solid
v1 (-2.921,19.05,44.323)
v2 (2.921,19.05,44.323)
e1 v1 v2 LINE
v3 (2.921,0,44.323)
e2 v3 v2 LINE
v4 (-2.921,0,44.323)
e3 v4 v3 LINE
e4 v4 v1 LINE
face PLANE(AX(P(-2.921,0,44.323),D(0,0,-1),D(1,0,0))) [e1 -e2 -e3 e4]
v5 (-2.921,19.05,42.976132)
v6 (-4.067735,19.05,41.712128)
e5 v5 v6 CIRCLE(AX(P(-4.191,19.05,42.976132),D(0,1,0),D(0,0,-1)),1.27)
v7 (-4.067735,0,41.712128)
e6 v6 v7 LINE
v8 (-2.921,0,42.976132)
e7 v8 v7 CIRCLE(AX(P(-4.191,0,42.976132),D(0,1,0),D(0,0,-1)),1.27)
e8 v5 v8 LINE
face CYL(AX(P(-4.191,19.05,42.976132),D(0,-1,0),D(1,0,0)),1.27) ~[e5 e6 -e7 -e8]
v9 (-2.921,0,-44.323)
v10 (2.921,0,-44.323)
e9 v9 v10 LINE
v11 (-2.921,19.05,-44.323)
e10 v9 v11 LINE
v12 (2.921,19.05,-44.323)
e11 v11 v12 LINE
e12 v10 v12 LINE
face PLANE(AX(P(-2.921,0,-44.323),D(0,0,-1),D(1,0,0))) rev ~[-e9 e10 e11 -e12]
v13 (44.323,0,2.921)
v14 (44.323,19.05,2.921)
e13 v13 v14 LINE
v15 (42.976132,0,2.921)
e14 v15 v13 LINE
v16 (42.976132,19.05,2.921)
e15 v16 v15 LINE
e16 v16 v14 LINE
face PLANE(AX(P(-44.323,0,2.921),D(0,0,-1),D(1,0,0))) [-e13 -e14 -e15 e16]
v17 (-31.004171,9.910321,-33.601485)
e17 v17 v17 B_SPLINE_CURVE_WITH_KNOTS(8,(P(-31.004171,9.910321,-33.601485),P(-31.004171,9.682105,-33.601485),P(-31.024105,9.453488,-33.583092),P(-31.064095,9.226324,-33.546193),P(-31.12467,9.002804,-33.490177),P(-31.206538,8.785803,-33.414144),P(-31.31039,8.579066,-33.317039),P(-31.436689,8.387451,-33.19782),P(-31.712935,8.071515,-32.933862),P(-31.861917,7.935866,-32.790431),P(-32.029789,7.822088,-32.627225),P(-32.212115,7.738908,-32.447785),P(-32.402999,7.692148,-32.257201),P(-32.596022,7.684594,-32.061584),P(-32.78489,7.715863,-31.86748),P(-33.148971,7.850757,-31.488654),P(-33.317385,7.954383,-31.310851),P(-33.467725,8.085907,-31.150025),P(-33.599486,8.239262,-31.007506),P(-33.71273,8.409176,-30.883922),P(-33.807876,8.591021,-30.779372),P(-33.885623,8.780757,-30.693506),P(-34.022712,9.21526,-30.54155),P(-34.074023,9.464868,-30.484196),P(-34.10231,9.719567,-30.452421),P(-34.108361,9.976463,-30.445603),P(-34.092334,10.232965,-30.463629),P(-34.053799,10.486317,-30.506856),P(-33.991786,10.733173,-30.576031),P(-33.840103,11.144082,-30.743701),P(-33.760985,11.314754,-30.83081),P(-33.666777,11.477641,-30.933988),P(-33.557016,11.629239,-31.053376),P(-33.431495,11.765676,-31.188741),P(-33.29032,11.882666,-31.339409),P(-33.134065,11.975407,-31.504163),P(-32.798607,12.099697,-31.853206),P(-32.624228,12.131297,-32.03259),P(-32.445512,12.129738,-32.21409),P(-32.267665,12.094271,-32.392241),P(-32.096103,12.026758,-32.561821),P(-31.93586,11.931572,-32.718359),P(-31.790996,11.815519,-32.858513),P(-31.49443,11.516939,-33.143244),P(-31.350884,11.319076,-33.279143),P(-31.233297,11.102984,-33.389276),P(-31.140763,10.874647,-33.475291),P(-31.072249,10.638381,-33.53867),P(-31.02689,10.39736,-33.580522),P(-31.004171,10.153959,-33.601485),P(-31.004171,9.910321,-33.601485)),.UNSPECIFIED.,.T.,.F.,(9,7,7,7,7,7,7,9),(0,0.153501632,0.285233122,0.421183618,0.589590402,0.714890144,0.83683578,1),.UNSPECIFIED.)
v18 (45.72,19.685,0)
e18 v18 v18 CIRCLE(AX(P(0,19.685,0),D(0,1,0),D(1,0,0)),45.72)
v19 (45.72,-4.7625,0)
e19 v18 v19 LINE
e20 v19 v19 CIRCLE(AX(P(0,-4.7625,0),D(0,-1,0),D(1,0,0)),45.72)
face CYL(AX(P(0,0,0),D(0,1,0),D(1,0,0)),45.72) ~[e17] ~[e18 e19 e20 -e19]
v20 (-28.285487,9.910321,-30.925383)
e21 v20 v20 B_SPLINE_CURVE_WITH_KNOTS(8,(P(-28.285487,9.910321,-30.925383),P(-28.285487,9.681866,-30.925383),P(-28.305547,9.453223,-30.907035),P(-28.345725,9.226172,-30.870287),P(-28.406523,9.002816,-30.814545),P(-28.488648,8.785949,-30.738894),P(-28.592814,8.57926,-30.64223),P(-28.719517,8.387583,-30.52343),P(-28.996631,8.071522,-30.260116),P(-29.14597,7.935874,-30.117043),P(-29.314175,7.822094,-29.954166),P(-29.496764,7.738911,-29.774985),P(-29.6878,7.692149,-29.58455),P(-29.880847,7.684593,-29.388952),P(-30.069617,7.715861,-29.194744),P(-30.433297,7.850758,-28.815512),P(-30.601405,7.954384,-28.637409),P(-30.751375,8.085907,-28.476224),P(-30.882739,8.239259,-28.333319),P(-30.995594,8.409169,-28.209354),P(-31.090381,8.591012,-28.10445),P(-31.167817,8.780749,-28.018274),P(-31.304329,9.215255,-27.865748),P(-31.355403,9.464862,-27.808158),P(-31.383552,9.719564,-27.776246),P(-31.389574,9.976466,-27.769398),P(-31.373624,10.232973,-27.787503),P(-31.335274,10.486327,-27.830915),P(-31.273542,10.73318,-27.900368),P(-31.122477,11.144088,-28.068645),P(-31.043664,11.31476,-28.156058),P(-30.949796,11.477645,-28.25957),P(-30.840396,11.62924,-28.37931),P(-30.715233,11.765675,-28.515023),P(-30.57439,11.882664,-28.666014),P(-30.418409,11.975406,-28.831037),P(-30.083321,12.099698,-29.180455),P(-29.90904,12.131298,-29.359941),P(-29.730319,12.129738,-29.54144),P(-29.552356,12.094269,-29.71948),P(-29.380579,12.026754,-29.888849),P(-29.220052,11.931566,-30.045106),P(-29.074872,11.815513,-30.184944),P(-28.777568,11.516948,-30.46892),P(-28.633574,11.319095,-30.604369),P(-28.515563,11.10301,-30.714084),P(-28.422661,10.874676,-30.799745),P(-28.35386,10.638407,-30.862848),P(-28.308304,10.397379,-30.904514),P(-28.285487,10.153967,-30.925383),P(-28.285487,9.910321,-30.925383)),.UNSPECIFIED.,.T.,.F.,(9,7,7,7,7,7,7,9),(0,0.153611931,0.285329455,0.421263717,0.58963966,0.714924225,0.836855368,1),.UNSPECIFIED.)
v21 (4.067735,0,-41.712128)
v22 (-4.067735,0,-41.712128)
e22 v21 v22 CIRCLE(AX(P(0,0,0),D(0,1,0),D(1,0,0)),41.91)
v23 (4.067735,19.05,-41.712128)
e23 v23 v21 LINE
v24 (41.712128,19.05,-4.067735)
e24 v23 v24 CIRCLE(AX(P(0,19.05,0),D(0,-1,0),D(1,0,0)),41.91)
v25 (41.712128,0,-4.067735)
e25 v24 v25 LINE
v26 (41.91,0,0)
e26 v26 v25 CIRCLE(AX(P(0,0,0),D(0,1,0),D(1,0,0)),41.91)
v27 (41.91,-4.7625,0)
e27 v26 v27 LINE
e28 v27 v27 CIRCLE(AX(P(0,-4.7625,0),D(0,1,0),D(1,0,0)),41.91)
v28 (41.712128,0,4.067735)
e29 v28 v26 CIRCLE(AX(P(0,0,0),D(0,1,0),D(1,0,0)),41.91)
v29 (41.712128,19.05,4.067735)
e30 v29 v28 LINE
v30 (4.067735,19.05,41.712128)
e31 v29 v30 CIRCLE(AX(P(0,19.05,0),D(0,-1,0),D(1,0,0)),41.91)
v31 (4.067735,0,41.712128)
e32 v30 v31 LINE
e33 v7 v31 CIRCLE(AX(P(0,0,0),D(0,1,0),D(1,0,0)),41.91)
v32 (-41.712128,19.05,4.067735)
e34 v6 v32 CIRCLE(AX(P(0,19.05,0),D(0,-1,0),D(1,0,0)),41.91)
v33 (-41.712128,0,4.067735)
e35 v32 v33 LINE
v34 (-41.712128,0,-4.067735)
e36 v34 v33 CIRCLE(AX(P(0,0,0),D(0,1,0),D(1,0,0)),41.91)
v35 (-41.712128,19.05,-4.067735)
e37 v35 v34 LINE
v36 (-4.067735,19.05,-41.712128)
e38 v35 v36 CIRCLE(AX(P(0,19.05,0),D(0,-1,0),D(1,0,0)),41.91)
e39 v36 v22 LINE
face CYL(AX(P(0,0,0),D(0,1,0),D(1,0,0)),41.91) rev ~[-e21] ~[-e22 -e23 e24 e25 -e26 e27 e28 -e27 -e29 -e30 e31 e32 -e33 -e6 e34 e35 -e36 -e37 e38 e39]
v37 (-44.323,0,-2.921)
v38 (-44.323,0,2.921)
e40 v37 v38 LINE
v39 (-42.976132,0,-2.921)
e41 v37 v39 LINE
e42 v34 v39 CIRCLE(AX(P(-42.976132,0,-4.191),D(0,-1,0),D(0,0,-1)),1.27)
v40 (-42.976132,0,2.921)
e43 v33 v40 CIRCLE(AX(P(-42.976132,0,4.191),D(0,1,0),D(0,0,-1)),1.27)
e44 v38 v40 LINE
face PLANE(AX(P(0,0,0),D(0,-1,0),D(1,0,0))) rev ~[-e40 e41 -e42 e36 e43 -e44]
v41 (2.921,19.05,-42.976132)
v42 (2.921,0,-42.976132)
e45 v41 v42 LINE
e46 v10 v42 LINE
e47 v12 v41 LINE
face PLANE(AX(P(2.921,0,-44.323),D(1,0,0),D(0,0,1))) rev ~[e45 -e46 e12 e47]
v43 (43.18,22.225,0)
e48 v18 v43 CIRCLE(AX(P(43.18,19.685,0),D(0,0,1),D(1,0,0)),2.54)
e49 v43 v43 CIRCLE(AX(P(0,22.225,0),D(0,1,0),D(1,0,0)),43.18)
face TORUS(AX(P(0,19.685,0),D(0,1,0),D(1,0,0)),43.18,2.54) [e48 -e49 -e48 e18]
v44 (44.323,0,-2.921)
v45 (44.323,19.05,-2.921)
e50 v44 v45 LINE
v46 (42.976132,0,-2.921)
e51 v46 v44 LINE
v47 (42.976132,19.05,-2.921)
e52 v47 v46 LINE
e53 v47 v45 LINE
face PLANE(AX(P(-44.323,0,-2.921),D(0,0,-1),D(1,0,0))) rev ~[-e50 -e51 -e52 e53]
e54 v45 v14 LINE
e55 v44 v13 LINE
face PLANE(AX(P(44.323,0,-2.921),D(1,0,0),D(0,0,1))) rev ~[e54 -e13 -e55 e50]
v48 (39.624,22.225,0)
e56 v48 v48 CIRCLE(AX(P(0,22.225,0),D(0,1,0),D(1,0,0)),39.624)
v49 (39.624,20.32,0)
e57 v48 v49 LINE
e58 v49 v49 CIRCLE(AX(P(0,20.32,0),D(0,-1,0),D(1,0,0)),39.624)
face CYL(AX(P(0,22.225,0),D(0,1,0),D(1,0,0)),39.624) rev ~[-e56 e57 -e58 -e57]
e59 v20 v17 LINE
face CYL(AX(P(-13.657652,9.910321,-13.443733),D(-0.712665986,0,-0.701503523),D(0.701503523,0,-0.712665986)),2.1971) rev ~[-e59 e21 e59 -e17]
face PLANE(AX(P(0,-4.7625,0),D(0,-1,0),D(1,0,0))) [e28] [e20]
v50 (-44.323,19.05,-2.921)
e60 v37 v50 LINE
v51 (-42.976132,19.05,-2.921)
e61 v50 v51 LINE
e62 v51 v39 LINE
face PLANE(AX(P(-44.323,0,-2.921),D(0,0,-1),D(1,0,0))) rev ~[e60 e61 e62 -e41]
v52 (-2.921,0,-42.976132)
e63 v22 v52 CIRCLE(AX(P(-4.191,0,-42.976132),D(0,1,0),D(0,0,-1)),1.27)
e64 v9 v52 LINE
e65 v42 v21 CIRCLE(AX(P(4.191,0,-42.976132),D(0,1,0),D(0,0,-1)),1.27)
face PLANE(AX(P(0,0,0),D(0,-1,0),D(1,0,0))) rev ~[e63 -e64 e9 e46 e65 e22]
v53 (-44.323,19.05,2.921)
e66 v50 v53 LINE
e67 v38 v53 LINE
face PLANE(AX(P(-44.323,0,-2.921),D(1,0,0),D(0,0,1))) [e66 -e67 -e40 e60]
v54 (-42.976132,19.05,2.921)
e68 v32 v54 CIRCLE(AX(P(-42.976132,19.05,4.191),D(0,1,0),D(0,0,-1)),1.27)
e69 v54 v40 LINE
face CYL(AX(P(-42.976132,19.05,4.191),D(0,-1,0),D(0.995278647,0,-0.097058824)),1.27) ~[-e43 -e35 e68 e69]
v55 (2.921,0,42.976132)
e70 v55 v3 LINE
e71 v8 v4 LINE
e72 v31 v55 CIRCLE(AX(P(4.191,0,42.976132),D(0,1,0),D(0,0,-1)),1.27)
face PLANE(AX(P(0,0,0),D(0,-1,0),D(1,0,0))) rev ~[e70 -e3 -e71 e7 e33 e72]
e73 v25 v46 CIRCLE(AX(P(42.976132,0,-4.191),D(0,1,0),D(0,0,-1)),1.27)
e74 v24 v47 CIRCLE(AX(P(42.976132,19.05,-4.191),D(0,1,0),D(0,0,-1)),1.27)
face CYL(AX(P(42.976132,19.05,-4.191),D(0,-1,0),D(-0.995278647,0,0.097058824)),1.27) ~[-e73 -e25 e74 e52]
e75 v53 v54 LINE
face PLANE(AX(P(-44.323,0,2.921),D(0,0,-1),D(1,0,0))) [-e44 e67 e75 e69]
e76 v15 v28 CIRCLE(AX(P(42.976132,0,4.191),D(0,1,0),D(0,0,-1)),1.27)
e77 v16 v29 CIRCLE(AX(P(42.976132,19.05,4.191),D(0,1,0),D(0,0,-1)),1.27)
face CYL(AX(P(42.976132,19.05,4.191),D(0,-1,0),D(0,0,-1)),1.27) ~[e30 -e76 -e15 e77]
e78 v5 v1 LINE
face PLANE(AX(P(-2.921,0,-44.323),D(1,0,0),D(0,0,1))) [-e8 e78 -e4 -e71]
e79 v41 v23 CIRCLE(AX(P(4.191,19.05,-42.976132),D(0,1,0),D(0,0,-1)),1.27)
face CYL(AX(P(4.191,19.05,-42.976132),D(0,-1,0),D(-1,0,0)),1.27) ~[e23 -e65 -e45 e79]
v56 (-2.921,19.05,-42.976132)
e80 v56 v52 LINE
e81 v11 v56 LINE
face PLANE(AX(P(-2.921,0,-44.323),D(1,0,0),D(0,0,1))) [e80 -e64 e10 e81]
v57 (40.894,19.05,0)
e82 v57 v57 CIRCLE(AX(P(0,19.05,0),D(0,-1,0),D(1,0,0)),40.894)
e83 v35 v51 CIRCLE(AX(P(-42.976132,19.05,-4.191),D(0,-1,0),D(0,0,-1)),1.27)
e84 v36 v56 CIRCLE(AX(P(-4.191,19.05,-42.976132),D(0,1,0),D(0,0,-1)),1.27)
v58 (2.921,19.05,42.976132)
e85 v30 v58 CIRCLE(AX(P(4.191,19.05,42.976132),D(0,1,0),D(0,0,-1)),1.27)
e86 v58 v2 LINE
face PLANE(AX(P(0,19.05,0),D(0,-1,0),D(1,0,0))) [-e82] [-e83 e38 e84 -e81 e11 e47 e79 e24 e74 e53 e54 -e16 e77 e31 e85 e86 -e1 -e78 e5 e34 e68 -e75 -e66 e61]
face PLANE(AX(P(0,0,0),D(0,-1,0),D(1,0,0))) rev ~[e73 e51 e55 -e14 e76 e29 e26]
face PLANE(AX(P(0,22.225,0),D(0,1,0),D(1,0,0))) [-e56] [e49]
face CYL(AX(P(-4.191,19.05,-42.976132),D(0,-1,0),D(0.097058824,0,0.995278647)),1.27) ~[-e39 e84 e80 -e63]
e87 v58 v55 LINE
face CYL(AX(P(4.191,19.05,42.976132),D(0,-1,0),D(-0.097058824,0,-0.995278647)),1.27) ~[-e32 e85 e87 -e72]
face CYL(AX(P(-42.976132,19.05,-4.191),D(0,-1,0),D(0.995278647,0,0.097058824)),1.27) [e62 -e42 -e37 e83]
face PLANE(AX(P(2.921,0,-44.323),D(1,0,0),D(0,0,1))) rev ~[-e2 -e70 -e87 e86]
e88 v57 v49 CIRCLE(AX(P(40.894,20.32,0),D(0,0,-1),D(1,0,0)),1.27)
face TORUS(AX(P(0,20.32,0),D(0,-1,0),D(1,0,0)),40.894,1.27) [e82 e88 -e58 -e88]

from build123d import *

# Parameters (mm, degrees)
SKETCH1_R                       = 45.72
BOSS_EXTRUDE1_DEPTH             = 22.225
SKETCH6_R                       = 39.624
CUT_EXTRUDE1_DEPTH              = 23.225
SKETCH8_R                       = 41.91
CUT_EXTRUDE2_DEPTH              = 19.05
FILLET1_R                       = 2.54
F_17_0_173_DIAMETER_HOLE2_D     = 4.3942
F_17_0_173_DIAMETER_HOLE2_DEPTH = 22.745829939
SKETCH25_W                      = 88.646
SKETCH25_H                      = 5.842
CUT_EXTRUDE7_DEPTH              = 19.05
SKETCH27_W                      = 5.842
SKETCH27_H                      = 88.646
CUT_EXTRUDE8_DEPTH              = 19.05
FILLET2_R                       = 1.27
FILLET3_R                       = 1.27
SKETCH36_R                      = 45.72
BOSS_EXTRUDE4_DEPTH             = 4.7625
SKETCH37_R                      = 41.91
CUT_EXTRUDE11_DEPTH             = 4.7625


with BuildPart() as part:
    # Sketch1 → Boss-Extrude1 (new body)
    with BuildSketch(Plane(origin=(0, 0, 0), x_dir=(1, 0, 0), z_dir=(0, 1, 0))):
        Circle(SKETCH1_R)
    extrude(amount=BOSS_EXTRUDE1_DEPTH)

    # Sketch6 → Cut-Extrude1 (cut, through all)
    with BuildSketch(Plane(origin=(0, 22.225, 0), x_dir=(1, 0, 0), z_dir=(0, 1, 0))):
        Circle(SKETCH6_R)
    extrude(amount=-CUT_EXTRUDE1_DEPTH, mode=Mode.SUBTRACT)

    # Sketch8 → Cut-Extrude2 (cut)
    with BuildSketch(Plane.XZ):
        Circle(SKETCH8_R)
    extrude(amount=-CUT_EXTRUDE2_DEPTH, mode=Mode.SUBTRACT)

    # Fillet1
    fillet1_edges = [part.edges().sort_by_distance(p)[0] for p in [
        (-45.72, 22.225, 0),
    ]]
    fillet(fillet1_edges, radius=FILLET1_R)

    # #17 (0.173) Diameter Hole2
    with Locations(Plane(origin=(-29.867831461, 9.910321026, -29.40001265), x_dir=(-0.701503523, 0, 0.712665986), z_dir=(0.712665986, 0, 0.701503523))):
        with Locations((0, 0)):
            Hole(F_17_0_173_DIAMETER_HOLE2_D / 2, depth=F_17_0_173_DIAMETER_HOLE2_DEPTH)

    # Sketch25 → Cut-Extrude7 (cut)
    with BuildSketch(Plane.XZ):
        Rectangle(SKETCH25_W, SKETCH25_H)
    extrude(amount=-CUT_EXTRUDE7_DEPTH, mode=Mode.SUBTRACT)

    # Sketch27 → Cut-Extrude8 (cut)
    with BuildSketch(Plane.XZ):
        Rectangle(SKETCH27_W, SKETCH27_H)
    extrude(amount=-CUT_EXTRUDE8_DEPTH, mode=Mode.SUBTRACT)

    # Fillet2
    fillet2_edges = [part.edges().sort_by_distance(p)[0] for p in [
        (41.808083656, 9.525, 2.921),
        (-41.808083656, 9.525, 2.921),
        (41.808083656, 9.525, -2.921),
        (-41.808083656, 9.525, -2.921),
        (2.921, 9.525, 41.808083656),
        (-2.921, 9.525, 41.808083656),
        (-2.921, 9.525, -41.808083656),
        (2.921, 9.525, -41.808083656),
    ]]
    fillet(fillet2_edges, radius=FILLET2_R)

    # Fillet3
    fillet3_edges = [part.edges().sort_by_distance(p)[0] for p in [
        (-39.624, 19.05, 0),
    ]]
    fillet(fillet3_edges, radius=FILLET3_R)

    # Sketch36 → Boss-Extrude4 (add)
    with BuildSketch(Plane.XZ):
        Circle(SKETCH36_R)
    extrude(amount=BOSS_EXTRUDE4_DEPTH)

    # Sketch37 → Cut-Extrude11 (cut)
    with BuildSketch(Plane(origin=(0, 0, 0), x_dir=(1, 0, 0), z_dir=(0, 1, 0))):
        Circle(SKETCH37_R)
    extrude(amount=-CUT_EXTRUDE11_DEPTH, mode=Mode.SUBTRACT)


solid = part.part
